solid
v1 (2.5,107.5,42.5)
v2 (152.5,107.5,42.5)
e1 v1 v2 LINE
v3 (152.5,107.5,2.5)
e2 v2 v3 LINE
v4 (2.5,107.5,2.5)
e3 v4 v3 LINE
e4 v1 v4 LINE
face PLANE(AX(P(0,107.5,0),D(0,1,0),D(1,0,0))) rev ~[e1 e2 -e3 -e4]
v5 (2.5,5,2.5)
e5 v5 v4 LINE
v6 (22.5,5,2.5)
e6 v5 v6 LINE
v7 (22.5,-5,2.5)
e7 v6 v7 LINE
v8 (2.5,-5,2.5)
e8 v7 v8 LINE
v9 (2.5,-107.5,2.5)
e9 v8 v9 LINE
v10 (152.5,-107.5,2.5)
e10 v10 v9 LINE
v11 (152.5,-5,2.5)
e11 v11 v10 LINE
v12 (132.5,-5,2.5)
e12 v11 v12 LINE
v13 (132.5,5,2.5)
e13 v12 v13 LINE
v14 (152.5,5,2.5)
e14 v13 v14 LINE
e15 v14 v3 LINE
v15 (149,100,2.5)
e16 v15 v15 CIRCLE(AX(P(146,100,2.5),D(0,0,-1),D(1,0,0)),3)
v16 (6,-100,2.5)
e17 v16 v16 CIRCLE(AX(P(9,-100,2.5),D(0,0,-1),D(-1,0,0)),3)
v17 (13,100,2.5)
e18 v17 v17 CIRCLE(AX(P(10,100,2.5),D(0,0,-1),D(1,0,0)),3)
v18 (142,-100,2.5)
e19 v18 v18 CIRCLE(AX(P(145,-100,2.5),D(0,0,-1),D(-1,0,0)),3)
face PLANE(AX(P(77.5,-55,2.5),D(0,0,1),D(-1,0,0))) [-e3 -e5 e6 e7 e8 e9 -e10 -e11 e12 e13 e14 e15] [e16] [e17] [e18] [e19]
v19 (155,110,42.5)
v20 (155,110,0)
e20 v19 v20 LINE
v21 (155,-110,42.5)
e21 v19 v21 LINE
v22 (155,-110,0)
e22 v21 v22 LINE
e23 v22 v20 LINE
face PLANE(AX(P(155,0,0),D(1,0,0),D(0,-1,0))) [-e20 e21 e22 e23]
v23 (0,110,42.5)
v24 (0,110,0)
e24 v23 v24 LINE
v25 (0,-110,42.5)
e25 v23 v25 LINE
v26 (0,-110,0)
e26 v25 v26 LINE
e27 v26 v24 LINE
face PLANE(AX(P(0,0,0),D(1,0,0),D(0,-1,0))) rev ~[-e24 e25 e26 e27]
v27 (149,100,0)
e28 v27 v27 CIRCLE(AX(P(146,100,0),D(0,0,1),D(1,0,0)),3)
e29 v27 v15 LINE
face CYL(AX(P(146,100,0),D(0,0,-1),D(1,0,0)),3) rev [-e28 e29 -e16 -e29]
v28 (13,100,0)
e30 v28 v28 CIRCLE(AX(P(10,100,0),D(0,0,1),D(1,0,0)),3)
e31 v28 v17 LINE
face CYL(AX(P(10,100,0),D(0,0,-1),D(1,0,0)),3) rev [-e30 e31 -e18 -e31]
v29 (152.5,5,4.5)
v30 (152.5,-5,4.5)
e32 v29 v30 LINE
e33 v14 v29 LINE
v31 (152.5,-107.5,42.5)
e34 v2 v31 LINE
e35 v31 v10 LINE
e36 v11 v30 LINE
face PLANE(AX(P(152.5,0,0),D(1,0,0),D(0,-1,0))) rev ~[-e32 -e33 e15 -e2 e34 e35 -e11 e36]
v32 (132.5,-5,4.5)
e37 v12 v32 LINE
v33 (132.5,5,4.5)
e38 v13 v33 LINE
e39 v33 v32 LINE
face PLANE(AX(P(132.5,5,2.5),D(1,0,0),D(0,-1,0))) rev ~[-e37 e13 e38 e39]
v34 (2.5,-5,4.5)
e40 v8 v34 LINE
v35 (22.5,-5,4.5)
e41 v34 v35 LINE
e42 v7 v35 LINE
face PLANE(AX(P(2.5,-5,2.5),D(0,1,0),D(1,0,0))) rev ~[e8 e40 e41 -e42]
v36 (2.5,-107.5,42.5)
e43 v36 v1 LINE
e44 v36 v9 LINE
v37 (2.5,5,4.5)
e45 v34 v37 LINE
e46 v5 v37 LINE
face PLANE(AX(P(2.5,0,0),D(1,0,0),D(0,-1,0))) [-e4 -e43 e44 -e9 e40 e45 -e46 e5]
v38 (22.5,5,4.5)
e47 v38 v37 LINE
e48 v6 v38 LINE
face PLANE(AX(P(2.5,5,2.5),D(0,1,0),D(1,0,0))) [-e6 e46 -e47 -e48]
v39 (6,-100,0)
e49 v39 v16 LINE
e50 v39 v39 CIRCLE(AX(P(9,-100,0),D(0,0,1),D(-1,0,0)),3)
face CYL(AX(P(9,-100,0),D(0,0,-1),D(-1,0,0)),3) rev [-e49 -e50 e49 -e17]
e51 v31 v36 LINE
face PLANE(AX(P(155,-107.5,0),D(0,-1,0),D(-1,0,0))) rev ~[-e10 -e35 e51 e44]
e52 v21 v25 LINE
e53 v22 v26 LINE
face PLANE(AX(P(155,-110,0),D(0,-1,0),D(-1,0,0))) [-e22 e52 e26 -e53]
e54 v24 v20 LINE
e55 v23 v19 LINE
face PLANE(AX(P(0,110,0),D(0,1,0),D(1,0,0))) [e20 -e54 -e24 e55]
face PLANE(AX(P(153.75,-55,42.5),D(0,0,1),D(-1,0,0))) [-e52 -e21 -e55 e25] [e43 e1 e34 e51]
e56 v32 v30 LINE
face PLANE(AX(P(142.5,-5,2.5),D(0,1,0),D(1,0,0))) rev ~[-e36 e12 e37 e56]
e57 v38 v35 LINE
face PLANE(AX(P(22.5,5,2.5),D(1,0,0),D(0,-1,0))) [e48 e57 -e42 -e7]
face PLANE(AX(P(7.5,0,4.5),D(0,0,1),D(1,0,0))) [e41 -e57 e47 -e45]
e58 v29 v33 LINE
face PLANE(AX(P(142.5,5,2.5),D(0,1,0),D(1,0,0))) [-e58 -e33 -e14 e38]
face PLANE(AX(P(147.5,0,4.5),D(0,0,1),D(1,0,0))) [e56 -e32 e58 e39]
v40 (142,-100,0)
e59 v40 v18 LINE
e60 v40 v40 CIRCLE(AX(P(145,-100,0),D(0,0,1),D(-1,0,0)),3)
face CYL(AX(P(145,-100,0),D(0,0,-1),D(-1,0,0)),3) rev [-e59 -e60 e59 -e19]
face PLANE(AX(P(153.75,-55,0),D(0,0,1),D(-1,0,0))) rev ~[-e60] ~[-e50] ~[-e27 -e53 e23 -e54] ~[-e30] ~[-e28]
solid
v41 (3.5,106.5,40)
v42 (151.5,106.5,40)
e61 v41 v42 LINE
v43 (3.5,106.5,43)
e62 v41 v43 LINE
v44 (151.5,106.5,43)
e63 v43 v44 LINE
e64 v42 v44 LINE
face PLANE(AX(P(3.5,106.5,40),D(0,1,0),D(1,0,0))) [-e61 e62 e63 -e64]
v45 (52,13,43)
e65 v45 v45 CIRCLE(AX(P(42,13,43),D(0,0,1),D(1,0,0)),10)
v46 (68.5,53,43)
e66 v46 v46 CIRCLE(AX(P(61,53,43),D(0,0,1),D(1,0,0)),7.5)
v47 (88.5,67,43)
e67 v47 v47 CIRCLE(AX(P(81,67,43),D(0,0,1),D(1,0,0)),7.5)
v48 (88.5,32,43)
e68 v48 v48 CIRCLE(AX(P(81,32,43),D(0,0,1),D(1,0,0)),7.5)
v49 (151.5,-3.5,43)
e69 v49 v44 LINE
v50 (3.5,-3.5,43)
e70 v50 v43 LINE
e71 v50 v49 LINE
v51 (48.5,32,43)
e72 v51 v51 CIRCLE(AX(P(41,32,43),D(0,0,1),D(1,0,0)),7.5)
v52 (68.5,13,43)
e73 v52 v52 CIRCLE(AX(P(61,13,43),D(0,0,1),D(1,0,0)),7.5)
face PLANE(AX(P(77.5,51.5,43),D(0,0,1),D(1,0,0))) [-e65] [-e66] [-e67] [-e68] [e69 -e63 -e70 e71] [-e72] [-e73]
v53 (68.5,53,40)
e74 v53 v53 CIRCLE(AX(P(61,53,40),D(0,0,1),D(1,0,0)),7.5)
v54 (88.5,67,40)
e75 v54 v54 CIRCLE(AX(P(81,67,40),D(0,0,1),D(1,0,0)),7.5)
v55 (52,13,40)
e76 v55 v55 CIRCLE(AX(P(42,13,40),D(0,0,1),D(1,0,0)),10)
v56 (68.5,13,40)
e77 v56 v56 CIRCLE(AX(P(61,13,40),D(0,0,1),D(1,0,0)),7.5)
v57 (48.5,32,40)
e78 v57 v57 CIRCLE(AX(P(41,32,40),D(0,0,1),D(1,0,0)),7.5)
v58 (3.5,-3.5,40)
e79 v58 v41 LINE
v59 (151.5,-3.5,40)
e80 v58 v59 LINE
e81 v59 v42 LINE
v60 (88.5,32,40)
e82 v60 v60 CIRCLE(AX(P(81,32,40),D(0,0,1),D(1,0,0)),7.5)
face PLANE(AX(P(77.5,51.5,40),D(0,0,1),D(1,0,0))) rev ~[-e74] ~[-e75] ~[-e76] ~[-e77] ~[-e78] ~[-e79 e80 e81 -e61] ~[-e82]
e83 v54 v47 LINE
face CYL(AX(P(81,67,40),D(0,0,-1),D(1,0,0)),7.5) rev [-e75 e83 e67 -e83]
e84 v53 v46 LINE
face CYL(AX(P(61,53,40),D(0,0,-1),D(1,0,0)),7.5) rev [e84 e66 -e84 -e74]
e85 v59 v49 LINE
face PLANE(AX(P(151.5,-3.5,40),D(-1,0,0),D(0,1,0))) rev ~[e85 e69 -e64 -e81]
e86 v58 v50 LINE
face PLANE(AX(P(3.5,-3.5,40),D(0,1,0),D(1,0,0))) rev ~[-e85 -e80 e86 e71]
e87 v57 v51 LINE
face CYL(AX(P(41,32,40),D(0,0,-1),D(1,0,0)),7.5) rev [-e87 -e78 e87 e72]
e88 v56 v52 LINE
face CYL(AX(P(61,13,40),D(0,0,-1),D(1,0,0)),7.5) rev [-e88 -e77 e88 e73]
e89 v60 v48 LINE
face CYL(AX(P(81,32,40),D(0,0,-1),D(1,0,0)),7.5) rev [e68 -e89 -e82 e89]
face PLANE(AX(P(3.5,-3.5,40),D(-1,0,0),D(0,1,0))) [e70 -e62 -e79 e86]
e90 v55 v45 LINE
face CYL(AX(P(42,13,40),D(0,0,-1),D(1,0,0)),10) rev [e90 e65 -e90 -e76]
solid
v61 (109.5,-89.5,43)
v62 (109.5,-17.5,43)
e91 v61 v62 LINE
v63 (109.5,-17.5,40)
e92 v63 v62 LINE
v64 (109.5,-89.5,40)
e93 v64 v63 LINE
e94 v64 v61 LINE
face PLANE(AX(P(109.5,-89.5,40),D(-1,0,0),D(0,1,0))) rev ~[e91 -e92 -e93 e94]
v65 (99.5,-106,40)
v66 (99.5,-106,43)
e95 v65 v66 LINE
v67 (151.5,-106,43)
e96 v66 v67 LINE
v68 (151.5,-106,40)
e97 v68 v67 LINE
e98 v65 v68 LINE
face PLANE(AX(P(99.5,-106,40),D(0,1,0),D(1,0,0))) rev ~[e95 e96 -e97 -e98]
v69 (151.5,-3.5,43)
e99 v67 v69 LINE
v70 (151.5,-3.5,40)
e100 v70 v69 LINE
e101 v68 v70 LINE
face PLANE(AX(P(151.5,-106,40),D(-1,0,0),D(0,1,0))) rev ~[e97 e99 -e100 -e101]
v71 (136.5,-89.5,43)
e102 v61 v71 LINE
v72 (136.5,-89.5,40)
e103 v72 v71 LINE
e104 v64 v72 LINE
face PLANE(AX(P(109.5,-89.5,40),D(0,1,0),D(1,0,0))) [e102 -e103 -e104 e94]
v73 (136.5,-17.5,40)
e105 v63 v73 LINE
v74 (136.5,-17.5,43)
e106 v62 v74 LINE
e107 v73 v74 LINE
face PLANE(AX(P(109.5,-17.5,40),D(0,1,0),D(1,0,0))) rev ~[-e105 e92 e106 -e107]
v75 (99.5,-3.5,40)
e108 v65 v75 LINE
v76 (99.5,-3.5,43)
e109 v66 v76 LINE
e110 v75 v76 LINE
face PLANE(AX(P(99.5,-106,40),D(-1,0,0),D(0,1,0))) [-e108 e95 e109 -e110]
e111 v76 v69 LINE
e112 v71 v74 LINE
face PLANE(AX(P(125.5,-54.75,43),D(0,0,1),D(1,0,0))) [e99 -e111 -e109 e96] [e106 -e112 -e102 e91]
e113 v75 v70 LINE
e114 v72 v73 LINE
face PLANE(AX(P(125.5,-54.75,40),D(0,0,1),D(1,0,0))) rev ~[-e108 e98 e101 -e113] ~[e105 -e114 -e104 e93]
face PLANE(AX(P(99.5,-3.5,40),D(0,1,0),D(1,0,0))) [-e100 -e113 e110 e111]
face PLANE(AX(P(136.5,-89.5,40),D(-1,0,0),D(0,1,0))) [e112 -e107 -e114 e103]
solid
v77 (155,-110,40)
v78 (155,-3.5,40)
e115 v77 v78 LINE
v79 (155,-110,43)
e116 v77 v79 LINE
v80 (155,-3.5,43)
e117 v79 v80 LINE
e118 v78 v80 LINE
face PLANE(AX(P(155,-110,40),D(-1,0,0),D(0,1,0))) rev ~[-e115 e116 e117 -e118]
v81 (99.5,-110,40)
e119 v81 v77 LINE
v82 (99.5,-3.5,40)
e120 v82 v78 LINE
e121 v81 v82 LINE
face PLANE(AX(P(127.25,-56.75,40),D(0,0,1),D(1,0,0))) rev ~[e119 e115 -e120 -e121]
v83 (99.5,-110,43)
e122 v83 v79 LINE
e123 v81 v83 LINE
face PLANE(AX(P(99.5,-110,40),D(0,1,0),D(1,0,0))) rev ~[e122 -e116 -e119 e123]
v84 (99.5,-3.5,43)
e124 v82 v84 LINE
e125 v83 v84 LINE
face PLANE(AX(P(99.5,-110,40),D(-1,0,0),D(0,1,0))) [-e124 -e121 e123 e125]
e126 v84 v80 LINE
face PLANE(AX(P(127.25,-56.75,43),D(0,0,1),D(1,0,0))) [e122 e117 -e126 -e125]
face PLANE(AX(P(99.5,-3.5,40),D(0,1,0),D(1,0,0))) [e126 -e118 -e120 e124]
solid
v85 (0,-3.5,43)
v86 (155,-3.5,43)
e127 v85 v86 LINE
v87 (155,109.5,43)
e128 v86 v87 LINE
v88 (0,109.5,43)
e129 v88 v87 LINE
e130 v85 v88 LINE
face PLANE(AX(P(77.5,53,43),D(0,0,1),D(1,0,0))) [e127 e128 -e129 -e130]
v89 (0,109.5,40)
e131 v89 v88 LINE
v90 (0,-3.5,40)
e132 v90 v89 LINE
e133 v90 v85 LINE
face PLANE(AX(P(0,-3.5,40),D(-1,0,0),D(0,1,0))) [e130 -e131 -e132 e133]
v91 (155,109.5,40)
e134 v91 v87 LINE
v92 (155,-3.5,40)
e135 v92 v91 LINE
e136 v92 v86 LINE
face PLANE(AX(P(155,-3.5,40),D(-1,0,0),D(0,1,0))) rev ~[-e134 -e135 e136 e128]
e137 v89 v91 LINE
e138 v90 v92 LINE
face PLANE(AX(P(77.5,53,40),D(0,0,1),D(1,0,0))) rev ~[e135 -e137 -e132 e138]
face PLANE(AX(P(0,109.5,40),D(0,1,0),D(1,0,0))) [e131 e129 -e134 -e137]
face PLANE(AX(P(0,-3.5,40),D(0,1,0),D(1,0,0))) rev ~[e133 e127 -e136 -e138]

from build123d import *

# Parameters (mm, degrees)
BOX_W                     = 155
BOX_H                     = 113
BOX_DEPTH                 = 3
BOX010_W                  = 55.5
BOX010_H                  = 106.5
BOX010_DEPTH              = 3
BOX015_W                  = 10
BOX015_H                  = 10
BOX015_DEPTH              = 2
CYLINDER003_R             = 3
CYLINDER003_DEPTH         = 10
CYLINDER004_R             = 3
CYLINDER004_DEPTH         = 10
BOX013_W                  = 2.5
BOX013_H                  = 110
BOX013_DEPTH              = 42.5
BOX016_W                  = 155
BOX016_H                  = 2.5
BOX016_DEPTH              = 42.5
BOX011_W                  = 155
BOX011_H                  = 110
BOX011_DEPTH              = 2.5
BOX012_W                  = 2.5
BOX012_H                  = 110
BOX012_DEPTH              = 42.5
BOX014_W                  = 10
BOX014_H                  = 10
BOX014_DEPTH              = 2
FUSION003_PLACEMENT_ANGLE = 180
CYLINDER001_R             = 3
CYLINDER001_DEPTH         = 10
CYLINDER002_R             = 3
CYLINDER002_DEPTH         = 10
BOX006_W                  = 2.5
BOX006_H                  = 110
BOX006_DEPTH              = 42.5
BOX007_W                  = 155
BOX007_H                  = 2.5
BOX007_DEPTH              = 42.5
BOX004_W                  = 155
BOX004_H                  = 110
BOX004_DEPTH              = 2.5
BOX005_W                  = 2.5
BOX005_H                  = 110
BOX005_DEPTH              = 42.5
BOX009_W                  = 10
BOX009_H                  = 10
BOX009_DEPTH              = 2
BOX008_W                  = 10
BOX008_H                  = 10
BOX008_DEPTH              = 2
BOX019_W                  = 27
BOX019_H                  = 72
BOX019_DEPTH              = 3
BOX018_W                  = 52
BOX018_H                  = 102.5
BOX018_DEPTH              = 3
CYLINDER009_R             = 10
CYLINDER009_DEPTH         = 3
CYLINDER005_R             = 7.5
CYLINDER005_DEPTH         = 3
CYLINDER006_R             = 7.5
CYLINDER006_DEPTH         = 3
CYLINDER007_R             = 7.5
CYLINDER007_DEPTH         = 3
CYLINDER008_R             = 7.5
CYLINDER008_DEPTH         = 3
CYLINDER_R                = 7.5
CYLINDER_DEPTH            = 3
BOX017_W                  = 148
BOX017_H                  = 110
BOX017_DEPTH              = 3


with BuildPart() as tampa1:
    # Box → Box (new body)
    with BuildSketch(Plane(origin=(0, -3.5, 40), x_dir=(1, 0, 0), z_dir=(0, 0, 1))):
        with Locations((77.5, 56.5)):
            Rectangle(BOX_W, BOX_H)
    extrude(amount=BOX_DEPTH)


with BuildPart() as tampa2:
    # Box010 → Box010 (new body)
    with BuildSketch(Plane(origin=(99.5, -110, 40), x_dir=(1, 0, 0), z_dir=(0, 0, 1))):
        with Locations((27.75, 53.25)):
            Rectangle(BOX010_W, BOX010_H)
    extrude(amount=BOX010_DEPTH)


with BuildPart() as suporte003:
    # Box015 → Box015 (new body)
    with BuildSketch(Plane(origin=(132.5, -5, 2.5), x_dir=(1, 0, 0), z_dir=(0, 0, 1))):
        with Locations((5, 5)):
            Rectangle(BOX015_W, BOX015_H)
    extrude(amount=BOX015_DEPTH)


with BuildPart() as cylinder003:
    # Cylinder003 → Cylinder003 (new body)
    with BuildSketch(Plane(origin=(10, 100, 0), x_dir=(1, 0, 0), z_dir=(0, 0, 1))):
        Circle(CYLINDER003_R)
    extrude(amount=CYLINDER003_DEPTH)


with BuildPart() as cylinder004:
    # Cylinder004 → Cylinder004 (new body)
    with BuildSketch(Plane(origin=(146, 100, 0), x_dir=(1, 0, 0), z_dir=(0, 0, 1))):
        Circle(CYLINDER004_R)
    extrude(amount=CYLINDER004_DEPTH)


with BuildPart() as wall_lado004:
    # Box013 → Box013 (new body)
    with BuildSketch(Plane(origin=(152.5, 0, 0), x_dir=(1, 0, 0), z_dir=(0, 0, 1))):
        with Locations((1.25, 55)):
            Rectangle(BOX013_W, BOX013_H)
    extrude(amount=BOX013_DEPTH)


with BuildPart() as wall_tras001:
    # Box016 → Box016 (new body)
    with BuildSketch(Plane(origin=(0, 107.5, 0), x_dir=(1, 0, 0), z_dir=(0, 0, 1))):
        with Locations((77.5, 1.25)):
            Rectangle(BOX016_W, BOX016_H)
    extrude(amount=BOX016_DEPTH)


with BuildPart() as base001:
    # Box011 → Box011 (new body)
    with BuildSketch(Plane.XY):
        with Locations((77.5, 55)):
            Rectangle(BOX011_W, BOX011_H)
    extrude(amount=BOX011_DEPTH)


with BuildPart() as cut003:
    # Box012 → Box012 (new body)
    with BuildSketch(Plane.XY):
        with Locations((1.25, 55)):
            Rectangle(BOX012_W, BOX012_H)
    extrude(amount=BOX012_DEPTH)

    # Fusion004: union wall_lado004, wall_tras001, base001
    add(wall_lado004.part)
    add(wall_tras001.part)
    add(base001.part)

    # Cut002: cut Cylinder004
    add(cylinder004.part, mode=Mode.SUBTRACT)

    # Cut003: cut Cylinder003
    add(cylinder003.part, mode=Mode.SUBTRACT)


with BuildPart() as partedois:
    # Box014 → Box014 (new body)
    with BuildSketch(Plane(origin=(12.5, -5, 2.5), x_dir=(1, 0, 0), z_dir=(0, 0, 1))):
        with Locations((5, 5)):
            Rectangle(BOX014_W, BOX014_H)
    extrude(amount=BOX014_DEPTH)

    # Fusion003: union suporte003, Cut003
    add(suporte003.part)
    add(cut003.part)


with BuildPart() as partedois_1:
    # Fusion003 placement: moved
    add(partedois.part.moved(Location((155, 0, 0))).rotate(Axis((155, 0, 0), (0, 0, 1)), FUSION003_PLACEMENT_ANGLE))


with BuildPart() as cylinder001:
    # Cylinder001 → Cylinder001 (new body)
    with BuildSketch(Plane(origin=(10, 100, 0), x_dir=(1, 0, 0), z_dir=(0, 0, 1))):
        Circle(CYLINDER001_R)
    extrude(amount=CYLINDER001_DEPTH)


with BuildPart() as cylinder002:
    # Cylinder002 → Cylinder002 (new body)
    with BuildSketch(Plane(origin=(146, 100, 0), x_dir=(1, 0, 0), z_dir=(0, 0, 1))):
        Circle(CYLINDER002_R)
    extrude(amount=CYLINDER002_DEPTH)


with BuildPart() as wall_lado2:
    # Box006 → Box006 (new body)
    with BuildSketch(Plane(origin=(152.5, 0, 0), x_dir=(1, 0, 0), z_dir=(0, 0, 1))):
        with Locations((1.25, 55)):
            Rectangle(BOX006_W, BOX006_H)
    extrude(amount=BOX006_DEPTH)


with BuildPart() as wall_tras:
    # Box007 → Box007 (new body)
    with BuildSketch(Plane(origin=(0, 107.5, 0), x_dir=(1, 0, 0), z_dir=(0, 0, 1))):
        with Locations((77.5, 1.25)):
            Rectangle(BOX007_W, BOX007_H)
    extrude(amount=BOX007_DEPTH)


with BuildPart() as base:
    # Box004 → Box004 (new body)
    with BuildSketch(Plane.XY):
        with Locations((77.5, 55)):
            Rectangle(BOX004_W, BOX004_H)
    extrude(amount=BOX004_DEPTH)


with BuildPart() as cut001:
    # Box005 → Box005 (new body)
    with BuildSketch(Plane.XY):
        with Locations((1.25, 55)):
            Rectangle(BOX005_W, BOX005_H)
    extrude(amount=BOX005_DEPTH)

    # Fusion001: union wall_lado2, wall_tras, base
    add(wall_lado2.part)
    add(wall_tras.part)
    add(base.part)

    # Cut: cut Cylinder002
    add(cylinder002.part, mode=Mode.SUBTRACT)

    # Cut001: cut Cylinder001
    add(cylinder001.part, mode=Mode.SUBTRACT)


with BuildPart() as fusion:
    # Box009 → Box009 (new body)
    with BuildSketch(Plane(origin=(142.5, -5, 2.5), x_dir=(1, 0, 0), z_dir=(0, 0, 1))):
        with Locations((5, 5)):
            Rectangle(BOX009_W, BOX009_H)
    extrude(amount=BOX009_DEPTH)

    # Fusion: union Cut001
    add(cut001.part)


with BuildPart() as caixa:
    # Box008 → Box008 (new body)
    with BuildSketch(Plane(origin=(2.5, -5, 2.5), x_dir=(1, 0, 0), z_dir=(0, 0, 1))):
        with Locations((5, 5)):
            Rectangle(BOX008_W, BOX008_H)
    extrude(amount=BOX008_DEPTH)

    # Fusion002: union Fusion
    add(fusion.part)

    # Fusion005: union partedois
    add(partedois_1.part)


with BuildPart() as buraco:
    # Box019 → Box019 (new body)
    with BuildSketch(Plane(origin=(109.5, -89.5, 40), x_dir=(1, 0, 0), z_dir=(0, 0, 1))):
        with Locations((13.5, 36)):
            Rectangle(BOX019_W, BOX019_H)
    extrude(amount=BOX019_DEPTH)


with BuildPart() as moldura_lcd:
    # Box018 → Box018 (new body)
    with BuildSketch(Plane(origin=(99.5, -106, 40), x_dir=(1, 0, 0), z_dir=(0, 0, 1))):
        with Locations((26, 51.25)):
            Rectangle(BOX018_W, BOX018_H)
    extrude(amount=BOX018_DEPTH)

    # Cut004: cut buraco
    add(buraco.part, mode=Mode.SUBTRACT)


with BuildPart() as buzzer:
    # Cylinder009 → Cylinder009 (new body)
    with BuildSketch(Plane(origin=(42, 13, 40), x_dir=(1, 0, 0), z_dir=(0, 0, 1))):
        Circle(CYLINDER009_R)
    extrude(amount=CYLINDER009_DEPTH)


with BuildPart() as botao2:
    # Cylinder005 → Cylinder005 (new body)
    with BuildSketch(Plane(origin=(61, 13, 40), x_dir=(1, 0, 0), z_dir=(0, 0, 1))):
        Circle(CYLINDER005_R)
    extrude(amount=CYLINDER005_DEPTH)


with BuildPart() as botao3:
    # Cylinder006 → Cylinder006 (new body)
    with BuildSketch(Plane(origin=(61, 53, 40), x_dir=(1, 0, 0), z_dir=(0, 0, 1))):
        Circle(CYLINDER006_R)
    extrude(amount=CYLINDER006_DEPTH)


with BuildPart() as botao4:
    # Cylinder007 → Cylinder007 (new body)
    with BuildSketch(Plane(origin=(81, 32, 40), x_dir=(1, 0, 0), z_dir=(0, 0, 1))):
        Circle(CYLINDER007_R)
    extrude(amount=CYLINDER007_DEPTH)


with BuildPart() as botao5:
    # Cylinder008 → Cylinder008 (new body)
    with BuildSketch(Plane(origin=(81, 67, 40), x_dir=(1, 0, 0), z_dir=(0, 0, 1))):
        Circle(CYLINDER008_R)
    extrude(amount=CYLINDER008_DEPTH)


with BuildPart() as botao1:
    # Cylinder → Cylinder (new body)
    with BuildSketch(Plane(origin=(41, 32, 40), x_dir=(1, 0, 0), z_dir=(0, 0, 1))):
        Circle(CYLINDER_R)
    extrude(amount=CYLINDER_DEPTH)


with BuildPart() as moldura_teclado:
    # Box017 → Box017 (new body)
    with BuildSketch(Plane(origin=(3.5, -3.5, 40), x_dir=(1, 0, 0), z_dir=(0, 0, 1))):
        with Locations((74, 55)):
            Rectangle(BOX017_W, BOX017_H)
    extrude(amount=BOX017_DEPTH)

    # Cut005: cut botao1
    add(botao1.part, mode=Mode.SUBTRACT)

    # Cut006: cut botao5
    add(botao5.part, mode=Mode.SUBTRACT)

    # Cut007: cut botao5
    add(botao5.part, mode=Mode.SUBTRACT)

    # Cut008: cut botao4
    add(botao4.part, mode=Mode.SUBTRACT)

    # Cut009: cut botao3
    add(botao3.part, mode=Mode.SUBTRACT)

    # Cut010: cut botao2
    add(botao2.part, mode=Mode.SUBTRACT)

    # Cut011: cut buzzer
    add(buzzer.part, mode=Mode.SUBTRACT)


solid = Compound([tampa1.part, tampa2.part, caixa.part, moldura_lcd.part, moldura_teclado.part])
